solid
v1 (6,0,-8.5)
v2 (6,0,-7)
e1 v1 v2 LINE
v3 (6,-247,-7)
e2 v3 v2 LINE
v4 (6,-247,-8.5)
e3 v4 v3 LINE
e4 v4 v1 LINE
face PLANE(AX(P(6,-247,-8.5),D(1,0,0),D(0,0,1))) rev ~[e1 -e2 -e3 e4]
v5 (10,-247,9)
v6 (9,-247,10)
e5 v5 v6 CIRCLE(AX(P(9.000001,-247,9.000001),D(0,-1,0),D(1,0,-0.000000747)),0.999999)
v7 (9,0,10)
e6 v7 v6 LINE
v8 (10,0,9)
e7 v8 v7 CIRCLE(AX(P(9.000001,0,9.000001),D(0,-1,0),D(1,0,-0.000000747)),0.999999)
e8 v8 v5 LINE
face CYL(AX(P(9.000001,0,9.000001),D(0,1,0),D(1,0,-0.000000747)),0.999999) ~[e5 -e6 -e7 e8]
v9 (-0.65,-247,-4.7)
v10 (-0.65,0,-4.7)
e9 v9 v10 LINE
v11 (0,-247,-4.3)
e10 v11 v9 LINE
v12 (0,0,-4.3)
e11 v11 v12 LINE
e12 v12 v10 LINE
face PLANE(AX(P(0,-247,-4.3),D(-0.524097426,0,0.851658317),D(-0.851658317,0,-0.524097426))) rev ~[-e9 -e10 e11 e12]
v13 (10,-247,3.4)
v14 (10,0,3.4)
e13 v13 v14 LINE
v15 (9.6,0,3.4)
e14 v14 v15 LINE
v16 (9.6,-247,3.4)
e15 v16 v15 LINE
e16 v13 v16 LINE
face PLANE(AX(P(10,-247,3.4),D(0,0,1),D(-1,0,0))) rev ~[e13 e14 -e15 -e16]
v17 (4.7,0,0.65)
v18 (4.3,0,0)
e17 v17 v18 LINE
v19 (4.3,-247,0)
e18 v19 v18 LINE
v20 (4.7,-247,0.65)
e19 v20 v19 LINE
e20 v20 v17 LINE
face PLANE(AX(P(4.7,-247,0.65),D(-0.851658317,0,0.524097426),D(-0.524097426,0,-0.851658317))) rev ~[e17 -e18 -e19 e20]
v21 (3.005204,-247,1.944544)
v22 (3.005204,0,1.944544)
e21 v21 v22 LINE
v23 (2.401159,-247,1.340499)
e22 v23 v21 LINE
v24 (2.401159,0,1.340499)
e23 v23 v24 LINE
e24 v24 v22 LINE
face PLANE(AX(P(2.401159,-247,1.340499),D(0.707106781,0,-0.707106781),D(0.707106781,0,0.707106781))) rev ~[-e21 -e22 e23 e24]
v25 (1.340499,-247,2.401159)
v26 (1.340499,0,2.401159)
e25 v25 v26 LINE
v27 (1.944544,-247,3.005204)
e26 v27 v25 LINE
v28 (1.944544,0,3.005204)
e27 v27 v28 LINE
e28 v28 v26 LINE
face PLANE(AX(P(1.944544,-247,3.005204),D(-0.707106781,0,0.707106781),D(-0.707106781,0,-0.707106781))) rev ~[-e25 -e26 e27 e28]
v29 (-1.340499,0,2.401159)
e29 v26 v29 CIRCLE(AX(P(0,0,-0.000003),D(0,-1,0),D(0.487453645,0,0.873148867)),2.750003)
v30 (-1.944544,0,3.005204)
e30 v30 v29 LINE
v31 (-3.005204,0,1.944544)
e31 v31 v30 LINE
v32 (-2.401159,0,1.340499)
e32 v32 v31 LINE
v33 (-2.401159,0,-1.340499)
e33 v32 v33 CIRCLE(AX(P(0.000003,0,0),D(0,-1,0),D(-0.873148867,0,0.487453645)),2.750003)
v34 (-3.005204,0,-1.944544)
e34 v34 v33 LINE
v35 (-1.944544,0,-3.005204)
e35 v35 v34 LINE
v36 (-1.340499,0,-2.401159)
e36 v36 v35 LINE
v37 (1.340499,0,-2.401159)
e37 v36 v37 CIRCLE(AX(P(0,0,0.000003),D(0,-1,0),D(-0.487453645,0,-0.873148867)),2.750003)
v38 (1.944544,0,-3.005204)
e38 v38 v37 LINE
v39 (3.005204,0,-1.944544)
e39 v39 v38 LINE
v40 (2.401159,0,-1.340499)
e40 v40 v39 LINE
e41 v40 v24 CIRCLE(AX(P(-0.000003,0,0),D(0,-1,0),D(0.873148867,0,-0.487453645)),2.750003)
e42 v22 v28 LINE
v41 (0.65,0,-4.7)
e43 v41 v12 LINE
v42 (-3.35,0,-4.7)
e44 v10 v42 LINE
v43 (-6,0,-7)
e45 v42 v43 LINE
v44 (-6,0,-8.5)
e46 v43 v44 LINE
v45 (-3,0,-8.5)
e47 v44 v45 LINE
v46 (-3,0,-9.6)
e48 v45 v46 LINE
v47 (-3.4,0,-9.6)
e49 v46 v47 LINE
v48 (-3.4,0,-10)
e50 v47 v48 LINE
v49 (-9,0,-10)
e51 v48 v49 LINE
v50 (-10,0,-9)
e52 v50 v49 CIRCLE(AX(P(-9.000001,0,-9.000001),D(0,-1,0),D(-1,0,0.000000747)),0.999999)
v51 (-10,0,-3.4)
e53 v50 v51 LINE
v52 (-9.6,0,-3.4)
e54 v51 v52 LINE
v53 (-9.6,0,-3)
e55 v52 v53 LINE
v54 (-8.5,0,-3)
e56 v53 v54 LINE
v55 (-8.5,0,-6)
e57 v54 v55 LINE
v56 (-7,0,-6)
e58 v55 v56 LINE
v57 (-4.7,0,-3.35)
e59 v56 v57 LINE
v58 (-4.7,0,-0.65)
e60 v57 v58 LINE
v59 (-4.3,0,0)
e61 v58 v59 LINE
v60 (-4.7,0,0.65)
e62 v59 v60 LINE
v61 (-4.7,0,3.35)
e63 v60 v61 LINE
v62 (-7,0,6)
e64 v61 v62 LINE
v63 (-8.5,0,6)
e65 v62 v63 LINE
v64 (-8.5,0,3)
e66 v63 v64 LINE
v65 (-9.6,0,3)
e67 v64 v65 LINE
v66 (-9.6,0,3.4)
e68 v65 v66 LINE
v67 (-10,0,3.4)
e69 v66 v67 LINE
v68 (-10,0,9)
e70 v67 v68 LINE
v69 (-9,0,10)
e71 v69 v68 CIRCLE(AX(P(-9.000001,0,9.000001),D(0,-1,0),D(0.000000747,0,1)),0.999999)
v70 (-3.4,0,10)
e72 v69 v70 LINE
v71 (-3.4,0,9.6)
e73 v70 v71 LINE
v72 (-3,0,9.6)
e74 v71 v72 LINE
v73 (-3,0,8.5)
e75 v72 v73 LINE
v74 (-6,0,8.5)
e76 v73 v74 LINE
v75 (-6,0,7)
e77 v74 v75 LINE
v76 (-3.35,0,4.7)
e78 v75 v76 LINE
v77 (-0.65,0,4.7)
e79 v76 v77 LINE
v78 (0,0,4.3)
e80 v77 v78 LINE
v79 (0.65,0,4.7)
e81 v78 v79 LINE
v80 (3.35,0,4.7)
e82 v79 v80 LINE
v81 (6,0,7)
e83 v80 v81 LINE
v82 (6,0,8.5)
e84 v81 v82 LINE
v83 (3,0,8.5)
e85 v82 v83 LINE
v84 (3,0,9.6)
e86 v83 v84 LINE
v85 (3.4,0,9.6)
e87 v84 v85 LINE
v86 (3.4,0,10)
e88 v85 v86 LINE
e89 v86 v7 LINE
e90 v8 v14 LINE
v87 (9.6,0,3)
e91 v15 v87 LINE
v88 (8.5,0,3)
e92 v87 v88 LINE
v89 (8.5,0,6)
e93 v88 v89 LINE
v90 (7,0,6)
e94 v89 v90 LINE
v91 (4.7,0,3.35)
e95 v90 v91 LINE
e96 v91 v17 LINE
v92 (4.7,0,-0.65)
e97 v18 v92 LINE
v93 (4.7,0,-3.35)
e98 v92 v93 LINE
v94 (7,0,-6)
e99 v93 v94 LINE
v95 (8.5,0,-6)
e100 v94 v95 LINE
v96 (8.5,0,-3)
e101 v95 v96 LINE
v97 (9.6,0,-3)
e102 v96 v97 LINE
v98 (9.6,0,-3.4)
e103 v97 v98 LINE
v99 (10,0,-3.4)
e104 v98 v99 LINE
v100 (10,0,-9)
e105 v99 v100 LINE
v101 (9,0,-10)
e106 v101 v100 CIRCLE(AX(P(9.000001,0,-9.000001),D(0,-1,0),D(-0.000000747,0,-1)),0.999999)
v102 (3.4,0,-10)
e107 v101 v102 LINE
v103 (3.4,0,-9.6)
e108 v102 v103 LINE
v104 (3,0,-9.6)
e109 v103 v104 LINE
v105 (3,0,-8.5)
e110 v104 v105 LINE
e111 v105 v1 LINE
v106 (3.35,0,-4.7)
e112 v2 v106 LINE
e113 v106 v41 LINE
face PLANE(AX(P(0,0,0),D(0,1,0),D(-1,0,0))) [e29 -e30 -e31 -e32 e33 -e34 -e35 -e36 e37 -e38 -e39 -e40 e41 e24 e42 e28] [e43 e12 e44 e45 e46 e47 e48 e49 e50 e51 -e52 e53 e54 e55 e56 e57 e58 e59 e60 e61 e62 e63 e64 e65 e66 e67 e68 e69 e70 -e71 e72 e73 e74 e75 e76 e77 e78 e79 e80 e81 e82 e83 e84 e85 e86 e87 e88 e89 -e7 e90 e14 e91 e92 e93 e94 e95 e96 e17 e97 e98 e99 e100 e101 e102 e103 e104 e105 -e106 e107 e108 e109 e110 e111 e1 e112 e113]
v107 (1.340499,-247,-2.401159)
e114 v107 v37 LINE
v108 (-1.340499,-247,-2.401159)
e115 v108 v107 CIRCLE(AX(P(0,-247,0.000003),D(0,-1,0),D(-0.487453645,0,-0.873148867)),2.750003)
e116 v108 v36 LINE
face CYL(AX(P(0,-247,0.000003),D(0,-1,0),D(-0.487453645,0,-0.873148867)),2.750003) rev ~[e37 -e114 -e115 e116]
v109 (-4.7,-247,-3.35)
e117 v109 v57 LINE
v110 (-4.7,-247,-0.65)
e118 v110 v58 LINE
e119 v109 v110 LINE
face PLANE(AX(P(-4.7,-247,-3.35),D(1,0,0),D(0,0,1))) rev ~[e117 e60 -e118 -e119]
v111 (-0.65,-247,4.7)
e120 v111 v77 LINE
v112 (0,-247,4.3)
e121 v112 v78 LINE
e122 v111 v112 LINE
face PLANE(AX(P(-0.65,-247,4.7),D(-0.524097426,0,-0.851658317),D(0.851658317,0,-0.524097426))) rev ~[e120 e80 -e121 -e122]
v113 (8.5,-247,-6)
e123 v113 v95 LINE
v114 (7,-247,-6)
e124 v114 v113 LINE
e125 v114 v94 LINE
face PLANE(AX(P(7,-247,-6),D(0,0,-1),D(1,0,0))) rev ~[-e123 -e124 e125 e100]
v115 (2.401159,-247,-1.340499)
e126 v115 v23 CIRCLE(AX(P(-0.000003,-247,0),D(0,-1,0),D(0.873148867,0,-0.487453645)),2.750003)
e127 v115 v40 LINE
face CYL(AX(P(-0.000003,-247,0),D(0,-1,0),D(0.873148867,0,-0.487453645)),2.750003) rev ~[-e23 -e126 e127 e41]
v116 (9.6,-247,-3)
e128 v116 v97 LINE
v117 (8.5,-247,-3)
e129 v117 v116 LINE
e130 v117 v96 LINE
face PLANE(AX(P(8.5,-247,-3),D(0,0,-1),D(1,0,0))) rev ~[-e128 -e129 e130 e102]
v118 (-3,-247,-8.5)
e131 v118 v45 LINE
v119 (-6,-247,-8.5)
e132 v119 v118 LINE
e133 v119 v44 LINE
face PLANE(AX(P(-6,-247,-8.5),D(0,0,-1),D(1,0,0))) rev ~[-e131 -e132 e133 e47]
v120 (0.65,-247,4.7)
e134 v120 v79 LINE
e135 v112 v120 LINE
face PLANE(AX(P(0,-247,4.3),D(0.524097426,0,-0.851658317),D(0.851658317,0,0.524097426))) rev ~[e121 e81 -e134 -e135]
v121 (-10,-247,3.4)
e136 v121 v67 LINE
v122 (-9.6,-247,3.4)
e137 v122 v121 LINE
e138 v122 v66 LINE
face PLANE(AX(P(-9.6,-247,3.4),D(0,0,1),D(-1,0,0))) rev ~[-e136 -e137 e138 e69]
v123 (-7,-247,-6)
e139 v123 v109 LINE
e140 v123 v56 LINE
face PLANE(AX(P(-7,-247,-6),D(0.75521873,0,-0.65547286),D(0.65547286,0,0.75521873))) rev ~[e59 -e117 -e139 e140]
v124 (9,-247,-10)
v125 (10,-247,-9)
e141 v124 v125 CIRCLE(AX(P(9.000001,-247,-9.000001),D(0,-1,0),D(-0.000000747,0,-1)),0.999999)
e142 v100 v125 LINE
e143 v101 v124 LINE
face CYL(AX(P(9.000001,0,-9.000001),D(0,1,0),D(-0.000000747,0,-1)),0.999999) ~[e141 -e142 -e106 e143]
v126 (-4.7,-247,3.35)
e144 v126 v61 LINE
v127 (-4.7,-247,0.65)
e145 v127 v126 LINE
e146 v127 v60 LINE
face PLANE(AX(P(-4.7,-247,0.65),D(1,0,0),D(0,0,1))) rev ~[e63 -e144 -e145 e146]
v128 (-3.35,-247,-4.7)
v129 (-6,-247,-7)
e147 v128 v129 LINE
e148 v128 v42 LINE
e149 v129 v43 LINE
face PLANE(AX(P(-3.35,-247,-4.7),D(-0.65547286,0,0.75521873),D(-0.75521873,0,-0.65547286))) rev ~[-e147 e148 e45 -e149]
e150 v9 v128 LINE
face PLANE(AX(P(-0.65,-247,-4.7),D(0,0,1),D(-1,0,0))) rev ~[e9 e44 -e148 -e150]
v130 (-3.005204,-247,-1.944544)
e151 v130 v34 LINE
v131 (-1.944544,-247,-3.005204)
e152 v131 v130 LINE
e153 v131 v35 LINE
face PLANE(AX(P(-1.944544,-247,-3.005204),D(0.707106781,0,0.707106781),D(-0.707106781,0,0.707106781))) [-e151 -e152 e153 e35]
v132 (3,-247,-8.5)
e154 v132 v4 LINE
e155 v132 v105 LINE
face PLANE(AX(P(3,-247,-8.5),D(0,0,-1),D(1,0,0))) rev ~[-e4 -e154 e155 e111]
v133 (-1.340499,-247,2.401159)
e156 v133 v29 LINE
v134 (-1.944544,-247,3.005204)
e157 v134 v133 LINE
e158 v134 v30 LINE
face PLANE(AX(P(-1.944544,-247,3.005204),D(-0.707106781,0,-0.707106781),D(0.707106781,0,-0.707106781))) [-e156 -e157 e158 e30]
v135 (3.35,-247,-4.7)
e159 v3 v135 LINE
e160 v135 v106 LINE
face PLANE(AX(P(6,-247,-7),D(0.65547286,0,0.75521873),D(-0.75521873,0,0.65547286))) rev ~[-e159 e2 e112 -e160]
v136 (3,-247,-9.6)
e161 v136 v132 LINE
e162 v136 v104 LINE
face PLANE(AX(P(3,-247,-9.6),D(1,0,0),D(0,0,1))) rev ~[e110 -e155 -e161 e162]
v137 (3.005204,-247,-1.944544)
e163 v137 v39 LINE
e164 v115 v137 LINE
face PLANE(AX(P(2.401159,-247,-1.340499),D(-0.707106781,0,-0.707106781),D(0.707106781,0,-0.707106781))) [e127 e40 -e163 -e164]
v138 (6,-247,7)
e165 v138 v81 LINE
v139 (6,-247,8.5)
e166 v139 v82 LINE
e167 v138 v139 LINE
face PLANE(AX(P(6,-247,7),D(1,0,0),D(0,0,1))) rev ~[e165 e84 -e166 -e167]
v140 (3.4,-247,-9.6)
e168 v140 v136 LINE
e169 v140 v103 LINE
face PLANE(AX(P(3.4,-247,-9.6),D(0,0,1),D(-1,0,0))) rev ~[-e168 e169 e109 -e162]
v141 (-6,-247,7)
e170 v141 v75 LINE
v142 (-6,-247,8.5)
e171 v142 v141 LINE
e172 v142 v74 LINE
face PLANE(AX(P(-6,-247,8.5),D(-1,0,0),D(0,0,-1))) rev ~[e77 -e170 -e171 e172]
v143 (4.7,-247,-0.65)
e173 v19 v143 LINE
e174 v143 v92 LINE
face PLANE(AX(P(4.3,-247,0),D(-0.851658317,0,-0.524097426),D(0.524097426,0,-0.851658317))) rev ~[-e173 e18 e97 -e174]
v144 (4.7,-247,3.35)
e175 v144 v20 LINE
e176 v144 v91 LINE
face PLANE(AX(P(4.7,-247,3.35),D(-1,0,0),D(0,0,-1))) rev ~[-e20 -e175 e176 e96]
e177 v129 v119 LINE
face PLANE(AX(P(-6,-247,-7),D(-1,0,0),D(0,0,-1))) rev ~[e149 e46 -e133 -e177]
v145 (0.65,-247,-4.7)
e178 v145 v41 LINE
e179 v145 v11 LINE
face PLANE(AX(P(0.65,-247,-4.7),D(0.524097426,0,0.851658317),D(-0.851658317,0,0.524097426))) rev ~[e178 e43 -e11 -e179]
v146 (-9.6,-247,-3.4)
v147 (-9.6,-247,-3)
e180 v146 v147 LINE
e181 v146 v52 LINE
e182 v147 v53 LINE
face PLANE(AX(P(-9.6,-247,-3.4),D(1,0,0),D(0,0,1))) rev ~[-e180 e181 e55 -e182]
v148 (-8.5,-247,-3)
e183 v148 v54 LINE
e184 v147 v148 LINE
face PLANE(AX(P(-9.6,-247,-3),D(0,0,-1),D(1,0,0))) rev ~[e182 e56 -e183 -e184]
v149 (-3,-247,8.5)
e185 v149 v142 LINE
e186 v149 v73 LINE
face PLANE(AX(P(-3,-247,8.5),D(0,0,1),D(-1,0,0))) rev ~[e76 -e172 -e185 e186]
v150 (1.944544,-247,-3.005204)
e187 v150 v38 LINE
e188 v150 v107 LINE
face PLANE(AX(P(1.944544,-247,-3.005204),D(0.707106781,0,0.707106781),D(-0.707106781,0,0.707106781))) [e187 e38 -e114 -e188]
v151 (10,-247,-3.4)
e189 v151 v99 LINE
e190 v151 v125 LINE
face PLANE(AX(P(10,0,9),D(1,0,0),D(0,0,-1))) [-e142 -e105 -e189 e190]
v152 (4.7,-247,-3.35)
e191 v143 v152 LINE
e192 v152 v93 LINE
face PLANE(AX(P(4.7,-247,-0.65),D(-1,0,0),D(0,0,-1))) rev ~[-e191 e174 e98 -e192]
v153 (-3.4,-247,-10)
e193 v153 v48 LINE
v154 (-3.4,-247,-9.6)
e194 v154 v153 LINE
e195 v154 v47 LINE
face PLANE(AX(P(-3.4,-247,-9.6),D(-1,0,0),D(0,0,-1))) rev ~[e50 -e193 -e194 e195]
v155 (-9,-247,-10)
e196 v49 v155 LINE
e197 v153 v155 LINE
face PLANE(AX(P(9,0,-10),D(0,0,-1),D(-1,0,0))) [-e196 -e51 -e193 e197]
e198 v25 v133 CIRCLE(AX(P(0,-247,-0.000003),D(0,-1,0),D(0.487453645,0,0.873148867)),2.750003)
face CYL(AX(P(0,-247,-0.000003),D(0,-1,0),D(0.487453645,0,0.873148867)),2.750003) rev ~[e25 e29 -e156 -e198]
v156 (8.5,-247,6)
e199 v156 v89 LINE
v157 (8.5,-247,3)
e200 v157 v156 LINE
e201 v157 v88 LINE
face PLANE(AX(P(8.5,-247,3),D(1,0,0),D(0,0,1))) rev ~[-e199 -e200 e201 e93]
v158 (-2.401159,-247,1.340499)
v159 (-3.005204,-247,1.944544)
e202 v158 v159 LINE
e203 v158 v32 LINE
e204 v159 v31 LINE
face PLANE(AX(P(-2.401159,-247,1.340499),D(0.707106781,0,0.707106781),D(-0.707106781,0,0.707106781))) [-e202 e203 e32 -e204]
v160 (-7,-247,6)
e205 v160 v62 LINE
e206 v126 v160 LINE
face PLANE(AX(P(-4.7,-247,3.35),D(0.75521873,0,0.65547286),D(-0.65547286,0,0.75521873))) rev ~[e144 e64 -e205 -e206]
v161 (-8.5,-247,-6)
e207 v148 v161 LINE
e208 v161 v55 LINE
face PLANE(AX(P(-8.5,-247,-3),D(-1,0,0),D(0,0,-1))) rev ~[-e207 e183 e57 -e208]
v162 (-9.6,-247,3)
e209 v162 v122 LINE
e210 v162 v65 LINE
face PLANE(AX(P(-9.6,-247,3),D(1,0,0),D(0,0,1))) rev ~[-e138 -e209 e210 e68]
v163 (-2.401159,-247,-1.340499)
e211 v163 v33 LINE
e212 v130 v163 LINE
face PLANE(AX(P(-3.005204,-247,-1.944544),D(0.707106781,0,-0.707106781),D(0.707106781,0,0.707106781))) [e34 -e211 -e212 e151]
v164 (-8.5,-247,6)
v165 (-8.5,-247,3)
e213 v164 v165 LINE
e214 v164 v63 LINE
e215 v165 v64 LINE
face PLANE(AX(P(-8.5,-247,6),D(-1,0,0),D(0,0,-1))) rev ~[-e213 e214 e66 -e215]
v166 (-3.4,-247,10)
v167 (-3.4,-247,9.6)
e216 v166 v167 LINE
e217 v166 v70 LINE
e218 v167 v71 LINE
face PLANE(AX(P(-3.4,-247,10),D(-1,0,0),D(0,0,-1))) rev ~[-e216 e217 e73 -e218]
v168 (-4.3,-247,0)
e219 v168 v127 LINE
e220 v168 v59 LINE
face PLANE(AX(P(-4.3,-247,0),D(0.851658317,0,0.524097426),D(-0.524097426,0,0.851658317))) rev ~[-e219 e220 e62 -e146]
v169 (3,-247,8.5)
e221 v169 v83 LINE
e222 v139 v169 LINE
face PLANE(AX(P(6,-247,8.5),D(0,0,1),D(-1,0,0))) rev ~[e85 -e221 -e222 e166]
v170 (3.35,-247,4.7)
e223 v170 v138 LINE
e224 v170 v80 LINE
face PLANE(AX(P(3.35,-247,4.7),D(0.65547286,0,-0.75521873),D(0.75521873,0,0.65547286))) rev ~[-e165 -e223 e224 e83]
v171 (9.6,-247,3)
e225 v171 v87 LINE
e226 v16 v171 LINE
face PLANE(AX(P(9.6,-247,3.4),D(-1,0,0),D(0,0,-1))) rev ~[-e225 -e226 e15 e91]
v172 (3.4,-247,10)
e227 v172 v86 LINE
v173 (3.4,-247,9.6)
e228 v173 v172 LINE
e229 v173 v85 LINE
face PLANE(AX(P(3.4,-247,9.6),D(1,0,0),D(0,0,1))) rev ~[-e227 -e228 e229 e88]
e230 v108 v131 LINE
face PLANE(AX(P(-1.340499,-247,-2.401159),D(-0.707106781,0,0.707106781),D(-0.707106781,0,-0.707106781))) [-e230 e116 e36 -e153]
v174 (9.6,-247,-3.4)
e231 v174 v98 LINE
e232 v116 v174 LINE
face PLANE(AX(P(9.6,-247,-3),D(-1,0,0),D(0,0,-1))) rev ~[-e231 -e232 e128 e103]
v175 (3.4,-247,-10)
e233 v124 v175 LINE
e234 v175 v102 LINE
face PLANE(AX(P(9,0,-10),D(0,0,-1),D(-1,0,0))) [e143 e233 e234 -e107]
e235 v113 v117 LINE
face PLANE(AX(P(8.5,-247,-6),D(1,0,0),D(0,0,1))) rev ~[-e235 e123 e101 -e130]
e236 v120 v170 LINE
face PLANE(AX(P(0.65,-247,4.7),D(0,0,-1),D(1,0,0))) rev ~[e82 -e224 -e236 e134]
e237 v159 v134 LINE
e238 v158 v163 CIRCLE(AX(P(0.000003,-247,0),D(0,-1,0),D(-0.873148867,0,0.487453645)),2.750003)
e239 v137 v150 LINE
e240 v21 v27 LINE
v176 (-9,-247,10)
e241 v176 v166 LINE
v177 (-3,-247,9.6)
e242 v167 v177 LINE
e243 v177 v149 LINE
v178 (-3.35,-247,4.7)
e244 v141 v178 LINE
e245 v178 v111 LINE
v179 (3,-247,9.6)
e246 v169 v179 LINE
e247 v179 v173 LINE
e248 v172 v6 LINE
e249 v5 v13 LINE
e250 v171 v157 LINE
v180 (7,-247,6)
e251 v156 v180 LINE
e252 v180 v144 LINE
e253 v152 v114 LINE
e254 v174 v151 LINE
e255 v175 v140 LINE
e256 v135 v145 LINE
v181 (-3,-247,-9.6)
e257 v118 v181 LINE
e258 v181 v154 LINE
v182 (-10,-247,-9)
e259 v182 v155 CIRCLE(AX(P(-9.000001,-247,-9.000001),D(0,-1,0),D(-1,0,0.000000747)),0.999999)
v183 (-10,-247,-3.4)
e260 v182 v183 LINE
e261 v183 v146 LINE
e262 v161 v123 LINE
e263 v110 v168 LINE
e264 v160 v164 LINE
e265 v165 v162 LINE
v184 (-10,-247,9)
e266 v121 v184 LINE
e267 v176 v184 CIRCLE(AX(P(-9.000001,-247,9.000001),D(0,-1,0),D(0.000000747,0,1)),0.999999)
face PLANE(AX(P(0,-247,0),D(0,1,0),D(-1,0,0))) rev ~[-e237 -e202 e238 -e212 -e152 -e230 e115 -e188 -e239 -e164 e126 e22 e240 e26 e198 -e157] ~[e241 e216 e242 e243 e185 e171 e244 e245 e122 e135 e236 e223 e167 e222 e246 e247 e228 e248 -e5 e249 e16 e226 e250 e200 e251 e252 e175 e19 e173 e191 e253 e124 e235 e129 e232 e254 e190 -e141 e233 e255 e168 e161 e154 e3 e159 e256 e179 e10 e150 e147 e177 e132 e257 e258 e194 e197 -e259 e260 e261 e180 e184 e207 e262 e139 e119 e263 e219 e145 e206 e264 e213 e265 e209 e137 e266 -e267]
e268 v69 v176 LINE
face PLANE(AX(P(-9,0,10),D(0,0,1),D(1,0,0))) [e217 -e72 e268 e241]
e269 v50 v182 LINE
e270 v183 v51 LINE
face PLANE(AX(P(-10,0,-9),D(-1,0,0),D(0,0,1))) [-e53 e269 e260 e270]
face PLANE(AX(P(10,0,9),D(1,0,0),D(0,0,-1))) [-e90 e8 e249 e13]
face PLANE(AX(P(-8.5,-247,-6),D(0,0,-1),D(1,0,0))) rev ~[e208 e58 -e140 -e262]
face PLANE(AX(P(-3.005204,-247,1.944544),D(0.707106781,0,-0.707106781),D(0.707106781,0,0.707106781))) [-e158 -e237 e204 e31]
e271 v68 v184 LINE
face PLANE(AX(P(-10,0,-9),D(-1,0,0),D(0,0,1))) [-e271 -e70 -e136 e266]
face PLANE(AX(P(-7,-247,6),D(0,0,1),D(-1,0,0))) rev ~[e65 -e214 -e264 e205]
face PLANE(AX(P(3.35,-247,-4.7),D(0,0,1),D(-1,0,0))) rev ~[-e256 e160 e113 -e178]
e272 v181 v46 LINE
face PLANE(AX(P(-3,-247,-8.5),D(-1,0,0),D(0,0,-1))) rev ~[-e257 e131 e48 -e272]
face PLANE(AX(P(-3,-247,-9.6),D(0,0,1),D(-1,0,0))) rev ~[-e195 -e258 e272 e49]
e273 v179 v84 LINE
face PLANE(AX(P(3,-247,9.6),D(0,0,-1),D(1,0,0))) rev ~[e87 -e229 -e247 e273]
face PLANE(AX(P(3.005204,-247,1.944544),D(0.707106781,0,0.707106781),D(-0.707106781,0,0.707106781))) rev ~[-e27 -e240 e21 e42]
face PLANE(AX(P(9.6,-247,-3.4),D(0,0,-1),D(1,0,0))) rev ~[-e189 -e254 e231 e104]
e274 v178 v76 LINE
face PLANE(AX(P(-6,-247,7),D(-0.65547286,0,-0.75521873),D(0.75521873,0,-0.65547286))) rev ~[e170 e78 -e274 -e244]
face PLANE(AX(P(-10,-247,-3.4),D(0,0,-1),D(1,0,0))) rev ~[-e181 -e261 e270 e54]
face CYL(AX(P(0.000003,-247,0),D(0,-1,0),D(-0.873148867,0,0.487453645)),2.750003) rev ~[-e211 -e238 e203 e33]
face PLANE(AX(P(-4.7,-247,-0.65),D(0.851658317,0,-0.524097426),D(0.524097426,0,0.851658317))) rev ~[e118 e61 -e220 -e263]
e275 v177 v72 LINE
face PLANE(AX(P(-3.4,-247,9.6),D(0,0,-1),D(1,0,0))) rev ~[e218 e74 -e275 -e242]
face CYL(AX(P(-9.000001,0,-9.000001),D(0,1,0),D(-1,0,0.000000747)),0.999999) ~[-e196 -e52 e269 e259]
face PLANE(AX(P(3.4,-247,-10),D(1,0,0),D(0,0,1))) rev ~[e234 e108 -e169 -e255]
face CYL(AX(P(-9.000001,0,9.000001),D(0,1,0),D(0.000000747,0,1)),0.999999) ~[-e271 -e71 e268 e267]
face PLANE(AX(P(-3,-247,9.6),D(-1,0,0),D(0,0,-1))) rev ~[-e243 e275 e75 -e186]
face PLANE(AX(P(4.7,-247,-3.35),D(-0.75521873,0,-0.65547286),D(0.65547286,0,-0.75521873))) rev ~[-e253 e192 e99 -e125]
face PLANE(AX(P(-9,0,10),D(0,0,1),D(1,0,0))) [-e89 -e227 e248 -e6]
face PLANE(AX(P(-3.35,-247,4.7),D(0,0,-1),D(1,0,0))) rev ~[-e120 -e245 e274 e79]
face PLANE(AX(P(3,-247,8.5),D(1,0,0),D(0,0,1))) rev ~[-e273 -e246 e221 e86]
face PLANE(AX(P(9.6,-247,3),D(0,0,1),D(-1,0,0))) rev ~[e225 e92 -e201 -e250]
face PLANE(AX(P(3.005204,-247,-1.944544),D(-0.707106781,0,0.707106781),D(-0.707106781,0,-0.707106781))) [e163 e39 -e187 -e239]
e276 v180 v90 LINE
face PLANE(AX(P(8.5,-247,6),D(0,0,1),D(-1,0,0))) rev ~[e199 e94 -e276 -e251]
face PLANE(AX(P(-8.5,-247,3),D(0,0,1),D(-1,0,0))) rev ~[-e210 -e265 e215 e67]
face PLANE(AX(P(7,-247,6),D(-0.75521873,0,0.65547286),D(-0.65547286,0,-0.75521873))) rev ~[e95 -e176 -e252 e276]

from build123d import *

# Parameters (mm, degrees)
PAD001009_DEPTH       = 247
POCKET021005004_DEPTH = 247
POLARPATTERN003_COUNT = 4
POCKET021005005_DEPTH = 247


with BuildPart() as part:
    # Sketch046 → Pad001009 (new body)
    with BuildSketch(Plane.XZ):
        with BuildLine():
            Line((-9, 10), (9, 10))
            ThreePointArc((10, 9), (9.707107, 9.707107), (9, 10))
            Line((10, 9), (10, -9))
            ThreePointArc((9, -10), (9.707107, -9.707107), (10, -9))
            Line((9, -10), (-9, -10))
            ThreePointArc((-10, -9), (-9.707107, -9.707107), (-9, -10))
            Line((-10, -9), (-10, 9))
            ThreePointArc((-9, 10), (-9.707107, 9.707107), (-10, 9))
        make_face()
    extrude(amount=PAD001009_DEPTH)

    # Sketch045 (on Face10 of Pad001009) → Pocket021005004 (cut)
    with BuildSketch(Plane.XZ.offset(247)):
        Polygon((-3.4, 10), (-3.4, 9.6), (-3, 9.6), (-3, 8.5), (-6, 8.5), (-6, 7), (-3.35, 4.7), (-0.65, 4.7), (0, 4.3), (0.65, 4.7), (3.35, 4.7), (6, 7), (6, 8.5), (3, 8.5), (3, 9.6), (3.4, 9.6), (3.4, 10), align=None)
    pocket021005004 = extrude(amount=-POCKET021005004_DEPTH, mode=Mode.SUBTRACT)

    # PolarPattern003: Pocket021005004 ×4 about axis
    polarpattern003_axis = Axis((0, -247, 0), (0, -1, 0))
    for i in range(1, POLARPATTERN003_COUNT):
        add(pocket021005004.rotate(polarpattern003_axis, i * 360 / POLARPATTERN003_COUNT), mode=Mode.SUBTRACT)

    # Sketch044 (on Face4 of PolarPattern003) → Pocket021005005 (cut)
    with BuildSketch(Plane.XZ.offset(247)):
        with BuildLine():
            ThreePointArc((1.340499, 2.401159), (0, 2.75), (-1.340499, 2.401159))
            Line((-1.944544, 3.005204), (-1.340499, 2.401159))
            Line((-3.005204, 1.944544), (-1.944544, 3.005204))
            Line((-2.401159, 1.340499), (-3.005204, 1.944544))
            ThreePointArc((-2.401159, 1.340499), (-2.75, 0), (-2.401159, -1.340499))
            Line((-3.005204, -1.944544), (-2.401159, -1.340499))
            Line((-1.944544, -3.005204), (-3.005204, -1.944544))
            Line((-1.340499, -2.401159), (-1.944544, -3.005204))
            ThreePointArc((-1.340499, -2.401159), (0, -2.75), (1.340499, -2.401159))
            Line((1.944544, -3.005204), (1.340499, -2.401159))
            Line((3.005204, -1.944544), (1.944544, -3.005204))
            Line((2.401159, -1.340499), (3.005204, -1.944544))
            ThreePointArc((2.401159, -1.340499), (2.75, 0), (2.401159, 1.340499))
            Line((2.401159, 1.340499), (3.005204, 1.944544))
            Line((3.005204, 1.944544), (1.944544, 3.005204))
            Line((1.944544, 3.005204), (1.340499, 2.401159))
        make_face()
    extrude(amount=-POCKET021005005_DEPTH, mode=Mode.SUBTRACT)


solid = part.part
